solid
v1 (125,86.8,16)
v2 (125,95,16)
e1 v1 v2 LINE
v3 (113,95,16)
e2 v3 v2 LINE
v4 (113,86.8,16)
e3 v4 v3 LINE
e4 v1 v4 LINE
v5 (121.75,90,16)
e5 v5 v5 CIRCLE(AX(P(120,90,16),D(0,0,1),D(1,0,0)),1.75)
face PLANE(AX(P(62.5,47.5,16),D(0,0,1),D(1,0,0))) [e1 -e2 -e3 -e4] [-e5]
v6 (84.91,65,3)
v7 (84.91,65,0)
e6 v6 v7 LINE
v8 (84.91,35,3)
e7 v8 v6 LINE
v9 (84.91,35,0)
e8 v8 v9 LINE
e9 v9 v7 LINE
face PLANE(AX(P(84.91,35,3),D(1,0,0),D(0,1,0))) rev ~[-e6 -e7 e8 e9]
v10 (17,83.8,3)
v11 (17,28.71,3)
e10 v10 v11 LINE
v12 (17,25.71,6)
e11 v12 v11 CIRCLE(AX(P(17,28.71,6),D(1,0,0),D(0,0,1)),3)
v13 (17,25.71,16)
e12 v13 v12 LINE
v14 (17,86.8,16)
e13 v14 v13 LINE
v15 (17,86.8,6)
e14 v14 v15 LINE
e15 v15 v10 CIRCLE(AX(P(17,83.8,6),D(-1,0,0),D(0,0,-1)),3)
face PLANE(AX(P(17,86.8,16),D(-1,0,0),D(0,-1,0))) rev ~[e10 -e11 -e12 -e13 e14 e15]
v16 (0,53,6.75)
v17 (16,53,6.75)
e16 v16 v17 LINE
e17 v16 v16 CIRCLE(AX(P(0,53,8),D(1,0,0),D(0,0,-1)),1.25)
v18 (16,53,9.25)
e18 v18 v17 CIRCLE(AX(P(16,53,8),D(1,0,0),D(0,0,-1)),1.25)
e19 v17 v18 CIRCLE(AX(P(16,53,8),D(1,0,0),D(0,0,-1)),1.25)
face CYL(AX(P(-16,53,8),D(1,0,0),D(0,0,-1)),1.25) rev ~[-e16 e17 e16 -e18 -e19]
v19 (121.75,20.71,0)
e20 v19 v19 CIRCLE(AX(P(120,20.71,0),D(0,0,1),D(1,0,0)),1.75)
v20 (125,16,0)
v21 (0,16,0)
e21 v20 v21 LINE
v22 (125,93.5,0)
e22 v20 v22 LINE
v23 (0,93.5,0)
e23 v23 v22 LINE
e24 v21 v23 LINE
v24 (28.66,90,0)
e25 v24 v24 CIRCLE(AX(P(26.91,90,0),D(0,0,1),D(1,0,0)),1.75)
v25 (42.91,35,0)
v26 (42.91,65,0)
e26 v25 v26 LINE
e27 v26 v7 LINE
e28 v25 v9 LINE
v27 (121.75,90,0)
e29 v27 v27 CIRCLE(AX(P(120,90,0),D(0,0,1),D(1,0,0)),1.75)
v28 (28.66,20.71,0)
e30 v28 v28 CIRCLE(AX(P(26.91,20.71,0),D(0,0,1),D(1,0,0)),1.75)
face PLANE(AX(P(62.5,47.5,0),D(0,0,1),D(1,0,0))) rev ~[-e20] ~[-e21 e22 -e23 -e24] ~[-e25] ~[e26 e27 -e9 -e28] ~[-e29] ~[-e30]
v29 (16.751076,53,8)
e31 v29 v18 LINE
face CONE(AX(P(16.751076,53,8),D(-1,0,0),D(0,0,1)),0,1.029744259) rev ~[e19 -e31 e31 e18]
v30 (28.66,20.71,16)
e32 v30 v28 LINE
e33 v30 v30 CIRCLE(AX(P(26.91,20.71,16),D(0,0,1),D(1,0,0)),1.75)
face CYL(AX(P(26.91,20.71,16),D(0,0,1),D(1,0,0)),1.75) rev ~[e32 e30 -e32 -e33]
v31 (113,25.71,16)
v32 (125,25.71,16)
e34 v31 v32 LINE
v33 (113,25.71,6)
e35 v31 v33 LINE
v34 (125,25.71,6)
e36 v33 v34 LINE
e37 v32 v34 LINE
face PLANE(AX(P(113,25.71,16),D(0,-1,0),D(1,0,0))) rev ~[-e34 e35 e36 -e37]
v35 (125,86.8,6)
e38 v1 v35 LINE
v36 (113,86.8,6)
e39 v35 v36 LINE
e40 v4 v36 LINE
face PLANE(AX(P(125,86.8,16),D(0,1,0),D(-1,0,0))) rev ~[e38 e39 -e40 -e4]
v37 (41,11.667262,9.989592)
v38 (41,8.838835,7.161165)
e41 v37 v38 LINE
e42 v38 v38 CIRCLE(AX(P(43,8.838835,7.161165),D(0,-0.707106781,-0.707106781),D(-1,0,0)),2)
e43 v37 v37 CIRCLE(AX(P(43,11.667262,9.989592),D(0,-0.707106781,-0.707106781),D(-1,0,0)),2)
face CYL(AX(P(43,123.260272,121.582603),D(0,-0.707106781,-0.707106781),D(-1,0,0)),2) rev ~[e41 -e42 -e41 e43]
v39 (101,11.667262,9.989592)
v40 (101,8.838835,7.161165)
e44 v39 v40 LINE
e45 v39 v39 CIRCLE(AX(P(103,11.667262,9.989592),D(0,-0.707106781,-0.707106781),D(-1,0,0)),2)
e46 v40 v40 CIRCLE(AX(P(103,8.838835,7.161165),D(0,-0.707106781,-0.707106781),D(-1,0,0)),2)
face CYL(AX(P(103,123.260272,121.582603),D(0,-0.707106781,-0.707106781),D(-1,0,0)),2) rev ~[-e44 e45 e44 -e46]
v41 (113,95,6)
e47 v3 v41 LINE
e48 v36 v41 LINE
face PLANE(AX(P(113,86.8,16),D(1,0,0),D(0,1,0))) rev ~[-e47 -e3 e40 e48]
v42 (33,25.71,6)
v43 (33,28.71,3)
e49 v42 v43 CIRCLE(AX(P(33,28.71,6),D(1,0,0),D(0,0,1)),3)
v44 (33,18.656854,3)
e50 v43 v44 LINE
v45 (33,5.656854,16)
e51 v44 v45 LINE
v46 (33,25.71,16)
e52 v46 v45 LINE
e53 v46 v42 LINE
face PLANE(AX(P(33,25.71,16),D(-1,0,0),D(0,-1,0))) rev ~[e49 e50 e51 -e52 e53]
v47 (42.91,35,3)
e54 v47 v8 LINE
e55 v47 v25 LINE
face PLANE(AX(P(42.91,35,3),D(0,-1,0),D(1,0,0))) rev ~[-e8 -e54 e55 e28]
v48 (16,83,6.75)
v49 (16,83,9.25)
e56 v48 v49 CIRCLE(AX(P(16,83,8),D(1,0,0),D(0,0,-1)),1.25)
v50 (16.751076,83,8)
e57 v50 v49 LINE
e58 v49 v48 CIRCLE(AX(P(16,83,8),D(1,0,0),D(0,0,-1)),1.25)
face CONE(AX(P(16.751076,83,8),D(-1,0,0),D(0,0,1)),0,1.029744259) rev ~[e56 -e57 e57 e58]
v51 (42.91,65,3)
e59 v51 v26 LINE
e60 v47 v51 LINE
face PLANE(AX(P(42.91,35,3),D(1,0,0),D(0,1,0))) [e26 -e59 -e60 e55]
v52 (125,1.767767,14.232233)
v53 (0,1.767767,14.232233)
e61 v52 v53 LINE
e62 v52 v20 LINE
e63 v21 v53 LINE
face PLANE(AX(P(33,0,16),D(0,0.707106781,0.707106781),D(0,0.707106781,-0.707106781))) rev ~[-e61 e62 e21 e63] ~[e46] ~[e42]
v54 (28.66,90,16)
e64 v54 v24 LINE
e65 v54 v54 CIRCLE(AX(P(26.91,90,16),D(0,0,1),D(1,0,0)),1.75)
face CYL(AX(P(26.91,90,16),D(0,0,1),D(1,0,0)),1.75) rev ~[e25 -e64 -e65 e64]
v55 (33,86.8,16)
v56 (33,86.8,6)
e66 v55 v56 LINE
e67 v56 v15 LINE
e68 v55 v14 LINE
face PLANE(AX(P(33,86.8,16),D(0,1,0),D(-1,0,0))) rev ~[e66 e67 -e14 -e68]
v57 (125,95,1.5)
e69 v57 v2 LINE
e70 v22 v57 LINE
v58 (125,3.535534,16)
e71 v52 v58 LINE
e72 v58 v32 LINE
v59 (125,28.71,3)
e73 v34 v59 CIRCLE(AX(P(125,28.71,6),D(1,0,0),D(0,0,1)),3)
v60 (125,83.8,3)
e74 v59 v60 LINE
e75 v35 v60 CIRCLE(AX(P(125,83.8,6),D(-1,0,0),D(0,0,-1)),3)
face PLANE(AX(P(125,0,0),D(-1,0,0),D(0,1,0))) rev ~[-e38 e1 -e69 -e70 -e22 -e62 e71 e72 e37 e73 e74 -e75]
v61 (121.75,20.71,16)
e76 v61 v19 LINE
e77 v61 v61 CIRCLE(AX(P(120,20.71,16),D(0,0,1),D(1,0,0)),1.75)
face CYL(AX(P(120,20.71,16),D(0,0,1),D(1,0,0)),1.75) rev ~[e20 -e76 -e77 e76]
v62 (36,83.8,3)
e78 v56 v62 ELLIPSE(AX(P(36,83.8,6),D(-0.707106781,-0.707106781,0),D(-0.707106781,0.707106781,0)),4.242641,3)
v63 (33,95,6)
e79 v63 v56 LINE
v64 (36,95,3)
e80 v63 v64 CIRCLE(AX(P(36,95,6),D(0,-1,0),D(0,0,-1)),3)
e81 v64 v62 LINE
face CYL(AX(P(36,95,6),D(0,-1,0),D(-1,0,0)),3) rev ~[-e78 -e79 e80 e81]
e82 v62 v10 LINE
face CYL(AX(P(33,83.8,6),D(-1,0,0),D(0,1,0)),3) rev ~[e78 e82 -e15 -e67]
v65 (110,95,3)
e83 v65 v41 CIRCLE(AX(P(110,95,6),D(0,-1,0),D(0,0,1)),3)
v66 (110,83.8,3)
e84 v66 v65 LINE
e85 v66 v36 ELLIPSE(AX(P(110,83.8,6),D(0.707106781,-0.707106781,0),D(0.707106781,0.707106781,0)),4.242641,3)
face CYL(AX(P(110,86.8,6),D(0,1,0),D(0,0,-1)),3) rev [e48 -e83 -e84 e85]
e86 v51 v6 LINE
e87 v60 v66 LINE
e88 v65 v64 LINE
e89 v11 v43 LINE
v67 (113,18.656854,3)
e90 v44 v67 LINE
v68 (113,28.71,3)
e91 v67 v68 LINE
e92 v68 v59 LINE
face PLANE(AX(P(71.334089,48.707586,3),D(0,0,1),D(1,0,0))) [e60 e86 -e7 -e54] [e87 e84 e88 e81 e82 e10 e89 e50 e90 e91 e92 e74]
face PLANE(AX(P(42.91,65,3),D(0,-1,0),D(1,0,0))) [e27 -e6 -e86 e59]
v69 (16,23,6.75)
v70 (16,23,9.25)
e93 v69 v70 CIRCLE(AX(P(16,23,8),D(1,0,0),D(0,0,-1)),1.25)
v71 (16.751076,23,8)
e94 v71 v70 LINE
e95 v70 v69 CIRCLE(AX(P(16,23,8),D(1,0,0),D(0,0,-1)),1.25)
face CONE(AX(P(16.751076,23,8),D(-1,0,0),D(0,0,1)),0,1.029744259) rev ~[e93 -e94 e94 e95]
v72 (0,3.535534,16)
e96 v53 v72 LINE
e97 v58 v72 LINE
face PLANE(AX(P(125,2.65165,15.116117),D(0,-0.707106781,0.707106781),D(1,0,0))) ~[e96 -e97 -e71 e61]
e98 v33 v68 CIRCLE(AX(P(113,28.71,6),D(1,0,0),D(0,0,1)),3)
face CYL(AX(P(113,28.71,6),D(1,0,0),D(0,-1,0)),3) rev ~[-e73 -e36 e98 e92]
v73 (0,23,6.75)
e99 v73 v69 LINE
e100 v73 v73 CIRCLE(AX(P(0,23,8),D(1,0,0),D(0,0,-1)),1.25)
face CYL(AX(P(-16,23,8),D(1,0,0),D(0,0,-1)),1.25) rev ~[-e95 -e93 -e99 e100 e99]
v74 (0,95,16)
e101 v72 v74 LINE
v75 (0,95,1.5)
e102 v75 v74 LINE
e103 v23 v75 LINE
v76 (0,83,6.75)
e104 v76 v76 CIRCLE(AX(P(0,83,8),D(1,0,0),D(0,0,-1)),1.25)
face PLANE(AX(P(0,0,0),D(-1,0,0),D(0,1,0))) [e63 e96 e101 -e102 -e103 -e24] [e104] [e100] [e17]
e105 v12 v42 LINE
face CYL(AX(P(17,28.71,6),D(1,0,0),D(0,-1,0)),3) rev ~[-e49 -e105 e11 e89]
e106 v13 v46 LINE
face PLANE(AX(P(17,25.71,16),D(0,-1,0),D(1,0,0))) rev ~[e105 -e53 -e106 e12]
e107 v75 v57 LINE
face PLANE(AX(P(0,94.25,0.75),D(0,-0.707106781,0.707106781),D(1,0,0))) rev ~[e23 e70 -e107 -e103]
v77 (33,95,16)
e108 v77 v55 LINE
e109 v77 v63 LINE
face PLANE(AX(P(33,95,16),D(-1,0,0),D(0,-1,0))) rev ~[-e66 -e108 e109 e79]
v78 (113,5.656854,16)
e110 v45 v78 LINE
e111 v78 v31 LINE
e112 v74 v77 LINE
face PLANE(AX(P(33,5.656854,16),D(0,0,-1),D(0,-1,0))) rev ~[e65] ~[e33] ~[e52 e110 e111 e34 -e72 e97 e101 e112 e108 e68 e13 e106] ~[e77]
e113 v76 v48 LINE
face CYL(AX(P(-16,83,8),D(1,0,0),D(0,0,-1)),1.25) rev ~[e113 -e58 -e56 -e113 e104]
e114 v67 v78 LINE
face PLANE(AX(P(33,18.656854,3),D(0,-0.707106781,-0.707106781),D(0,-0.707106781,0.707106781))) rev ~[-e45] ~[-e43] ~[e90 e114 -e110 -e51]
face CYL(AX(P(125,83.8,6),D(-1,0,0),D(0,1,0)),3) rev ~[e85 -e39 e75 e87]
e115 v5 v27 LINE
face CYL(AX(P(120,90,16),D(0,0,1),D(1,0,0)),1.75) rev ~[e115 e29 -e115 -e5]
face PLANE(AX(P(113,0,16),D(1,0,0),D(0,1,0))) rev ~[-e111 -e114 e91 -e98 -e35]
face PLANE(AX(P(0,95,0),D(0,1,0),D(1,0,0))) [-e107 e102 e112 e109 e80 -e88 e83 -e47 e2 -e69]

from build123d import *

# Parameters (mm, degrees)
SKETCH_1_W                  = 125
SKETCH_1_H                  = 95
EXTRUDE_1_DEPTH             = 16
SKETCH_3_R                  = 1.75
CUT_EXTRUDE_1_DEPTH         = 158.816348963
CUT_EXTRUDE_2_DEPTH         = 13
CUT_EXTRUDE_3_DEPTH         = 158.816348963
EXTRUDE_4_DEPTH             = 80
HOLE_WIZARD_4_0_4_1_D       = 4
SKETCH_11_W                 = 42
SKETCH_11_H                 = 30
CUT_EXTRUDE_4_DEPTH         = 158.540470991
FILLET_4_R                  = 3
CHAMFER_1_SIZE              = 2.5
CHAMFER_1_SIZE2             = 3.535533906
HOLE_WIZARD_2_5_2_5_1_D     = 2.5
HOLE_WIZARD_2_5_2_5_1_DEPTH = 16
HOLE_WIZARD_2_5_2_5_1_TIP   = 0.751075774
CHAMFER_2_SIZE              = 1.5


with BuildPart() as part:
    # 草图1 → 凸台-拉伸1 (new body)
    with BuildSketch(Plane.XY):
        with Locations((62.5, 47.5)):
            Rectangle(SKETCH_1_W, SKETCH_1_H)
    extrude(amount=EXTRUDE_1_DEPTH)

    # 草图3 → 切除-拉伸1 (cut, through all)
    with BuildSketch(Plane.XY.offset(16)):
        with Locations((26.91, 90)):
            Circle(SKETCH_3_R)
        with Locations((26.91, 20.71)):
            Circle(SKETCH_3_R)
        with Locations((120, 90)):
            Circle(SKETCH_3_R)
        with Locations((120, 20.71)):
            Circle(SKETCH_3_R)
    extrude(amount=-CUT_EXTRUDE_1_DEPTH, mode=Mode.SUBTRACT)

    # 草图4 → 切除-拉伸2 (cut)
    with BuildSketch(Plane.XY.offset(16)):
        Polygon((33, 95), (33, 86.8), (17, 86.8), (17, 25.71), (33, 25.71), (33, 0), (113, 0), (113, 25.71), (125, 25.71), (125, 86.8), (113, 86.8), (113, 95), align=None)
    extrude(amount=-CUT_EXTRUDE_2_DEPTH, mode=Mode.SUBTRACT)

    # 草图5 → 切除-拉伸3 (cut, through all)
    with BuildSketch(Plane(origin=(125, 0, 0), x_dir=(0, 0, -1), z_dir=(1, 0, 0))):
        Polygon((-16, 0), (0, 16), (0, 0), align=None)
    extrude(amount=-CUT_EXTRUDE_3_DEPTH, mode=Mode.SUBTRACT)

    # 草图8 → 凸台-拉伸4 (add)
    with BuildSketch(Plane(origin=(33, 0, 0), x_dir=(0, 0, -1), z_dir=(1, 0, 0))):
        Polygon((-16, 0), (-3, 13), (-3, 18.656854249), (-16, 5.656854249), align=None)
    extrude(amount=EXTRUDE_4_DEPTH)

    # Ø4.0 (4) 直径孔1 (through all)
    with Locations(Plane(origin=(0, 10.828427125, 10.828427125), x_dir=(1, 0, 0), z_dir=(0, 0.7071067811865476, 0.7071067811865476))):
        with Locations((43, 1.186291501), (103, 1.186291501)):
            Hole(HOLE_WIZARD_4_0_4_1_D / 2)

    # 草图11 → 切除-拉伸4 (cut, through all)
    with BuildSketch(Plane.XY.offset(3)):
        with Locations((63.91, 50)):
            Rectangle(SKETCH_11_W, SKETCH_11_H)
    extrude(amount=-CUT_EXTRUDE_4_DEPTH, mode=Mode.SUBTRACT)

    # 圆角4
    fillet_4_edges = [part.edges().sort_by_distance(p)[0] for p in [
        (25, 86.8, 3),
        (113, 90.9, 3),
        (119, 86.8, 3),
        (119, 25.71, 3),
        (25, 25.71, 3),
        (33, 90.9, 3),
    ]]
    fillet(fillet_4_edges, radius=FILLET_4_R)

    # 倒角1
    chamfer_1_edges = [part.edges().sort_by_distance(p)[0] for p in [
        (62.5, 0, 16),
    ]]
    chamfer_1_side = [part.faces().sort_by_distance(p)[0] for p in [
        (62.405862979, 7.992479485, 8.007520515),
    ]]
    chamfer(chamfer_1_edges, length=CHAMFER_1_SIZE, length2=CHAMFER_1_SIZE2, reference=chamfer_1_side[0])

    # Ø2.5 (2.5) 直径孔1
    with Locations(Plane.ZY):
        with Locations((8, 83), (8, 53), (8, 23)):
            Hole(HOLE_WIZARD_2_5_2_5_1_D / 2, depth=HOLE_WIZARD_2_5_2_5_1_DEPTH)
            with Locations((0, 0, -(HOLE_WIZARD_2_5_2_5_1_DEPTH + HOLE_WIZARD_2_5_2_5_1_TIP / 2))):  # 118° drill point
                Cone(0, HOLE_WIZARD_2_5_2_5_1_D / 2, HOLE_WIZARD_2_5_2_5_1_TIP, mode=Mode.SUBTRACT)

    # 倒角2
    chamfer_2_edges = [part.edges().sort_by_distance(p)[0] for p in [
        (62.5, 95, 0),
    ]]
    chamfer(chamfer_2_edges, length=CHAMFER_2_SIZE)


solid = part.part
